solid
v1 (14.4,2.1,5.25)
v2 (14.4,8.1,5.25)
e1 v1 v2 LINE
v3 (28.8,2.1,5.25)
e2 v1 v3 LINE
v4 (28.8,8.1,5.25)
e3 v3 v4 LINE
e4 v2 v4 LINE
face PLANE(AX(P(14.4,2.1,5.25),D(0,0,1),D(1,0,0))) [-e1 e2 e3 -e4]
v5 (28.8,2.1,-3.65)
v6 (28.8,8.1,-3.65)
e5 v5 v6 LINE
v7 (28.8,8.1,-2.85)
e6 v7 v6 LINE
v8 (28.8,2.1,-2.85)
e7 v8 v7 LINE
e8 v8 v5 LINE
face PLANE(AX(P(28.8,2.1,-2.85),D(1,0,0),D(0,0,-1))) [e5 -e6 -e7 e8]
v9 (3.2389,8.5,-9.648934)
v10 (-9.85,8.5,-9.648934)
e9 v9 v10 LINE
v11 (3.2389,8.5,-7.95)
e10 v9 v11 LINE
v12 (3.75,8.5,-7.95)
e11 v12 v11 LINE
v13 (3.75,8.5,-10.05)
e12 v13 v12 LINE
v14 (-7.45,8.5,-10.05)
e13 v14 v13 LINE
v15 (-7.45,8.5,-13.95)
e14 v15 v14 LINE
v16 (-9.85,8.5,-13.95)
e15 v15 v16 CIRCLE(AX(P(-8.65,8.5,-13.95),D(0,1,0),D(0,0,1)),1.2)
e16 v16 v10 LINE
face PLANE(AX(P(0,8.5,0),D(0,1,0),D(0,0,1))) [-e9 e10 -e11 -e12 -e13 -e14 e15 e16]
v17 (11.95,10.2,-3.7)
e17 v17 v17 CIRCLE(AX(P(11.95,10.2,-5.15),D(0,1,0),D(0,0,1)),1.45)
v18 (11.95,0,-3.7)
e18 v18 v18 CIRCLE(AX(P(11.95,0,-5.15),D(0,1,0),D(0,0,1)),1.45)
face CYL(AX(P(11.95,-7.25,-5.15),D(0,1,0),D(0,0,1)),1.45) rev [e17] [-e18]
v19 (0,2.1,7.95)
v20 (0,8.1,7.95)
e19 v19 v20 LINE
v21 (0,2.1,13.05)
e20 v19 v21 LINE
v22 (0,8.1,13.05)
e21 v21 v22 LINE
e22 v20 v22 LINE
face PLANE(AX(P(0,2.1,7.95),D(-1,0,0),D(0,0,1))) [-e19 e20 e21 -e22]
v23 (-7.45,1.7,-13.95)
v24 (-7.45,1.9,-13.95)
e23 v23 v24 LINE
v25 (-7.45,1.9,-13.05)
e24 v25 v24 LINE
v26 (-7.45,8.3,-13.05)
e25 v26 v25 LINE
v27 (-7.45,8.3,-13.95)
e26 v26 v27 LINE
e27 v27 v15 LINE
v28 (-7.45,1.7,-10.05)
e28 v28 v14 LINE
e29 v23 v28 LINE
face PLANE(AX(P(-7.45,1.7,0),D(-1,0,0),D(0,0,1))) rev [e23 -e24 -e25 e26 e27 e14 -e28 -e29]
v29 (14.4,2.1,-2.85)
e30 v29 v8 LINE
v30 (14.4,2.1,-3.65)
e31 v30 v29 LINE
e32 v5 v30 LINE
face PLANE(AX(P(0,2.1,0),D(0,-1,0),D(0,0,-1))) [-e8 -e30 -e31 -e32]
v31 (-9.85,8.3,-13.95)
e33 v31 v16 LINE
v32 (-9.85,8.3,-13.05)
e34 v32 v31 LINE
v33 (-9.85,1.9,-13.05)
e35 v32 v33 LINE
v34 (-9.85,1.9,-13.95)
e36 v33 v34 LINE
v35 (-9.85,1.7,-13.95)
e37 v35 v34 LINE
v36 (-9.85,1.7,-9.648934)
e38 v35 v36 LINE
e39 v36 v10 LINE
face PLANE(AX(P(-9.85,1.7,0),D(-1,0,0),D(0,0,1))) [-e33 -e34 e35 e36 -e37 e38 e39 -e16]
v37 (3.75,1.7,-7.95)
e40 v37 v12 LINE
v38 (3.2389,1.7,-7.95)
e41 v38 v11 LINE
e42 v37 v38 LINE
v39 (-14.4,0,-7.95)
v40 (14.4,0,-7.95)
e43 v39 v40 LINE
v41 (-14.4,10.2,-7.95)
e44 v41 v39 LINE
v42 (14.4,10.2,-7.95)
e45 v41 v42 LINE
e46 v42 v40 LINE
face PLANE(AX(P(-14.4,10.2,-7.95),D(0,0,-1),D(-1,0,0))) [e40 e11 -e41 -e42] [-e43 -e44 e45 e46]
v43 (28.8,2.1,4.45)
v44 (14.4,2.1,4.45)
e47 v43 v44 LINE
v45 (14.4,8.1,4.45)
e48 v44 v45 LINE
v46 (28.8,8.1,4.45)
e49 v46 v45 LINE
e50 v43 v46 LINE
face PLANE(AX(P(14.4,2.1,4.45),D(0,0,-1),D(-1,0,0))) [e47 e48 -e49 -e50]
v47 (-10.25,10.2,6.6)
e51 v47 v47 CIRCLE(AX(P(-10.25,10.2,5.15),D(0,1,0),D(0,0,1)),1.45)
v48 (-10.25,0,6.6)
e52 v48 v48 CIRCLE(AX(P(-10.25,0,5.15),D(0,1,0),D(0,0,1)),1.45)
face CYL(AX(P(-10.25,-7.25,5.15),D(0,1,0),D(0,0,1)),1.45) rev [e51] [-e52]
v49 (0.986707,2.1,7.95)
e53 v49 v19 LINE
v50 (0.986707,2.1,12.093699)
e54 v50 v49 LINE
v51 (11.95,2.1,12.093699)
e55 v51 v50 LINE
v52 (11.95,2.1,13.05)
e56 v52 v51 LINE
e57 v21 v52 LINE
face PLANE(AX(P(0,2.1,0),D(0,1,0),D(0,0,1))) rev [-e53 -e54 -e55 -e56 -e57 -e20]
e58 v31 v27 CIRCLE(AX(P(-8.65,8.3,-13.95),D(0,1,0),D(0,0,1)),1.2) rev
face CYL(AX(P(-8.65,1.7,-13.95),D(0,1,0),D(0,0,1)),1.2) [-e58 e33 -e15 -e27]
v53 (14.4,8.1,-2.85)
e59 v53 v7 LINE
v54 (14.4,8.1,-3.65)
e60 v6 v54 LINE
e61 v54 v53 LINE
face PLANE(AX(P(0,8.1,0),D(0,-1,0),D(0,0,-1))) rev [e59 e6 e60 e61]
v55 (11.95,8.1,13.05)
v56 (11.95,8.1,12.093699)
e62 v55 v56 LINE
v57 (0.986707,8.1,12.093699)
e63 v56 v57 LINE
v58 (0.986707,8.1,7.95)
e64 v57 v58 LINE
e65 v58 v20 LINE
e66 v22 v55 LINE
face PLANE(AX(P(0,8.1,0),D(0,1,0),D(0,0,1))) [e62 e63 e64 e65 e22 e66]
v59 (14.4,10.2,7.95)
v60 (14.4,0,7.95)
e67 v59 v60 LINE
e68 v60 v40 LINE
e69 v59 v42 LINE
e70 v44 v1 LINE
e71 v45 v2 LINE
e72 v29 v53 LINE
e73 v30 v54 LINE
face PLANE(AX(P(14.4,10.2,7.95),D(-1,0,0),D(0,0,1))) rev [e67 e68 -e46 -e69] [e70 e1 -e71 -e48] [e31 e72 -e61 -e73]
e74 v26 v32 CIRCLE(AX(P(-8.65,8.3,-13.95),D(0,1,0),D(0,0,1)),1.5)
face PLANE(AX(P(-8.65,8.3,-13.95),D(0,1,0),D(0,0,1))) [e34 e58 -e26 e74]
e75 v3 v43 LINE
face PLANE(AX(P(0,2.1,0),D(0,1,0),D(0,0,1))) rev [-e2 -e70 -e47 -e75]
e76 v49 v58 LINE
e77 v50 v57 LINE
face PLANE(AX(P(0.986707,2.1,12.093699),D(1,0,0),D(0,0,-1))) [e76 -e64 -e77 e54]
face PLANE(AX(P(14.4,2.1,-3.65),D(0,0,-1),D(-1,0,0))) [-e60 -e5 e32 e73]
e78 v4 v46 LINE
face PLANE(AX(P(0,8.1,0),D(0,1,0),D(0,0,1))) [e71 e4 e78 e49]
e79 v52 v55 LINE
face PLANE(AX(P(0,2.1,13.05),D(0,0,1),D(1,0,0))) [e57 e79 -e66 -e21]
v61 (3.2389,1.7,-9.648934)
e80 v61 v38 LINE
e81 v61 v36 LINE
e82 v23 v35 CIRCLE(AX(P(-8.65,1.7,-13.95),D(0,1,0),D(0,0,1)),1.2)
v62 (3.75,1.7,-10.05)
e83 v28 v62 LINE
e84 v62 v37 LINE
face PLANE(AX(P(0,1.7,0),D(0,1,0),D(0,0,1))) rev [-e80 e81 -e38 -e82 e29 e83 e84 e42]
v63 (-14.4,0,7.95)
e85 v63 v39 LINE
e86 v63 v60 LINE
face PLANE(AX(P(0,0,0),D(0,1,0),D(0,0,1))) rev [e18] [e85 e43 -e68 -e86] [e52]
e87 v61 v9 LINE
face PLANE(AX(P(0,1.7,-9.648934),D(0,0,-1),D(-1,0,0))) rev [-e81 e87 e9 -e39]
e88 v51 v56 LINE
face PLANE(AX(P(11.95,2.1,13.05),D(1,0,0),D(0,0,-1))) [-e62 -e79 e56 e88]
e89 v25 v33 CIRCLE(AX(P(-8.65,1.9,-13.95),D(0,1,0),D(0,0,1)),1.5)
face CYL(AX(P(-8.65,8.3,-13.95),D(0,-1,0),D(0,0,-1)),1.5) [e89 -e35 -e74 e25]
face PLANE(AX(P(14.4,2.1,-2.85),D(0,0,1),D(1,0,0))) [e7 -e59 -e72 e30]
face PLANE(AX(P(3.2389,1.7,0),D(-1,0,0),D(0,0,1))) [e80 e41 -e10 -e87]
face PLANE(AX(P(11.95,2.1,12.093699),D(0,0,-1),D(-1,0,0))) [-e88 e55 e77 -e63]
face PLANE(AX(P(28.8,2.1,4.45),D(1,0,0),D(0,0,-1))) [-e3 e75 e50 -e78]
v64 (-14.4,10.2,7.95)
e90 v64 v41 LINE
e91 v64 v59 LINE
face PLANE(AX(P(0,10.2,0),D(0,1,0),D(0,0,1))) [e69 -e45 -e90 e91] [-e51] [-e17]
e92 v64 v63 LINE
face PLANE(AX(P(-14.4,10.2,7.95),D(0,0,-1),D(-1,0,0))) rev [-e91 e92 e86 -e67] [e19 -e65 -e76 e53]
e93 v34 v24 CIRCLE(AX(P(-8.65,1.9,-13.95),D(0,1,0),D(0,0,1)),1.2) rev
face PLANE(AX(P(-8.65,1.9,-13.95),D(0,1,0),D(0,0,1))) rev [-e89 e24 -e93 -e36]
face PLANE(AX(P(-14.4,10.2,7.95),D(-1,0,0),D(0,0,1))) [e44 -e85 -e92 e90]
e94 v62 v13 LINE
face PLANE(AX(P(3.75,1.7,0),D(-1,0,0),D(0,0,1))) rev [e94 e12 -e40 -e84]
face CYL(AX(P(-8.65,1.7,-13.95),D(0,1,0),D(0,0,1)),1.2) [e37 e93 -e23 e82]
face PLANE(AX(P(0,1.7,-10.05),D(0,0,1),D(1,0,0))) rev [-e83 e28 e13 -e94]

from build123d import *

# Parameters (mm, degrees)
SKETCH1_W                = 28.8
SKETCH1_H                = 15.9
BOSS_EXTRUDE2_DEPTH      = 10.2
SKETCH3_R                = 1.45
CUT_EXTRUDE1_DEPTH       = 17.45
SKETCH7_R                = 1.5
BOSS_EXTRUDE6_DEPTH      = 3.2
BOSS_EXTRUDE6_DEPTH_BACK = 3.2
BOSS_EXTRUDE7_DEPTH      = 3.4
BOSS_EXTRUDE7_DEPTH_BACK = 3.4
SKETCH9_W                = 14.4
SKETCH9_H                = 0.8
BOSS_EXTRUDE8_DEPTH      = 3
BOSS_EXTRUDE8_DEPTH_BACK = 3


with BuildPart() as part:
    # Sketch1 → Boss-Extrude2 (new body)
    with BuildSketch(Plane(origin=(0, 0, 0), x_dir=(1, 0, 0), z_dir=(0, 1, 0))):
        Rectangle(SKETCH1_W, SKETCH1_H)
    extrude(amount=BOSS_EXTRUDE2_DEPTH)

    # Sketch3 → Cut-Extrude1 (cut)
    with BuildSketch(Plane(origin=(0, 10.2, 0), x_dir=(1, 0, 0), z_dir=(0, 1, 0))):
        with Locations((11.95, 5.15)):
            Circle(SKETCH3_R)
        with Locations((-10.25, -5.15)):
            Circle(SKETCH3_R)
    extrude(amount=-CUT_EXTRUDE1_DEPTH, mode=Mode.SUBTRACT)



with BuildPart() as body_2:
    # Sketch7 → Boss-Extrude6 (new body, two sides)
    with BuildSketch(Plane(origin=(0, 5.1, 0), x_dir=(1, 0, 0), z_dir=(0, 1, 0))) as boss_extrude6_sk:
        with Locations((-8.65, 13.95)):
            Circle(SKETCH7_R)
    extrude(amount=BOSS_EXTRUDE6_DEPTH)
    extrude(boss_extrude6_sk.sketch, amount=-BOSS_EXTRUDE6_DEPTH_BACK)


with BuildPart() as part_1:
    add(part.part)

    add(body_2.part)  # Boss-Extrude7 merges body 2
    # Sketch8 → Boss-Extrude7 (add, two sides)
    with BuildSketch(Plane(origin=(0, 5.1, 0), x_dir=(1, 0, 0), z_dir=(0, 1, 0))) as boss_extrude7_sk:
        with BuildLine():
            ThreePointArc((-7.45, 13.95), (-8.65, 15.15), (-9.85, 13.95))
            Line((-9.85, 13.95), (-9.85, 10.05))
            Line((-9.85, 10.05), (-9.85, 9.648933868))
            Line((-9.85, 9.648933868), (-8.65, 9.648933868))
            Line((-8.65, 9.648933868), (-7.45, 9.648933868))
            Line((-7.45, 9.648933868), (3.238900305, 9.648933868))
            Line((3.238900305, 9.648933868), (3.238900305, 7.95))
            Line((3.238900305, 7.95), (3.75, 7.95))
            Line((3.75, 7.95), (3.75, 9.648933868))
            Line((3.75, 9.648933868), (3.75, 10.05))
            Line((3.75, 10.05), (3.238900305, 10.05))
            Line((3.238900305, 10.05), (-7.45, 10.05))
            Line((-7.45, 10.05), (-7.45, 13.95))
        make_face()
    extrude(amount=BOSS_EXTRUDE7_DEPTH)
    extrude(boss_extrude7_sk.sketch, amount=-BOSS_EXTRUDE7_DEPTH_BACK)

    # Sketch9 → Boss-Extrude8 (add, two sides)
    with BuildSketch(Plane(origin=(0, 5.1, 0), x_dir=(1, 0, 0), z_dir=(0, 1, 0))) as boss_extrude8_sk:
        with Locations((21.6, 3.25)):
            Rectangle(SKETCH9_W, SKETCH9_H)
        with Locations((21.6, -4.85)):
            Rectangle(SKETCH9_W, SKETCH9_H)
        Polygon((0, -7.95), (0, -13.05), (11.95, -13.05), (11.95, -12.093699041), (0.986707236, -12.093699041), (0.986707236, -7.95), align=None)
    extrude(amount=BOSS_EXTRUDE8_DEPTH)
    extrude(boss_extrude8_sk.sketch, amount=-BOSS_EXTRUDE8_DEPTH_BACK)


solid = part_1.part
